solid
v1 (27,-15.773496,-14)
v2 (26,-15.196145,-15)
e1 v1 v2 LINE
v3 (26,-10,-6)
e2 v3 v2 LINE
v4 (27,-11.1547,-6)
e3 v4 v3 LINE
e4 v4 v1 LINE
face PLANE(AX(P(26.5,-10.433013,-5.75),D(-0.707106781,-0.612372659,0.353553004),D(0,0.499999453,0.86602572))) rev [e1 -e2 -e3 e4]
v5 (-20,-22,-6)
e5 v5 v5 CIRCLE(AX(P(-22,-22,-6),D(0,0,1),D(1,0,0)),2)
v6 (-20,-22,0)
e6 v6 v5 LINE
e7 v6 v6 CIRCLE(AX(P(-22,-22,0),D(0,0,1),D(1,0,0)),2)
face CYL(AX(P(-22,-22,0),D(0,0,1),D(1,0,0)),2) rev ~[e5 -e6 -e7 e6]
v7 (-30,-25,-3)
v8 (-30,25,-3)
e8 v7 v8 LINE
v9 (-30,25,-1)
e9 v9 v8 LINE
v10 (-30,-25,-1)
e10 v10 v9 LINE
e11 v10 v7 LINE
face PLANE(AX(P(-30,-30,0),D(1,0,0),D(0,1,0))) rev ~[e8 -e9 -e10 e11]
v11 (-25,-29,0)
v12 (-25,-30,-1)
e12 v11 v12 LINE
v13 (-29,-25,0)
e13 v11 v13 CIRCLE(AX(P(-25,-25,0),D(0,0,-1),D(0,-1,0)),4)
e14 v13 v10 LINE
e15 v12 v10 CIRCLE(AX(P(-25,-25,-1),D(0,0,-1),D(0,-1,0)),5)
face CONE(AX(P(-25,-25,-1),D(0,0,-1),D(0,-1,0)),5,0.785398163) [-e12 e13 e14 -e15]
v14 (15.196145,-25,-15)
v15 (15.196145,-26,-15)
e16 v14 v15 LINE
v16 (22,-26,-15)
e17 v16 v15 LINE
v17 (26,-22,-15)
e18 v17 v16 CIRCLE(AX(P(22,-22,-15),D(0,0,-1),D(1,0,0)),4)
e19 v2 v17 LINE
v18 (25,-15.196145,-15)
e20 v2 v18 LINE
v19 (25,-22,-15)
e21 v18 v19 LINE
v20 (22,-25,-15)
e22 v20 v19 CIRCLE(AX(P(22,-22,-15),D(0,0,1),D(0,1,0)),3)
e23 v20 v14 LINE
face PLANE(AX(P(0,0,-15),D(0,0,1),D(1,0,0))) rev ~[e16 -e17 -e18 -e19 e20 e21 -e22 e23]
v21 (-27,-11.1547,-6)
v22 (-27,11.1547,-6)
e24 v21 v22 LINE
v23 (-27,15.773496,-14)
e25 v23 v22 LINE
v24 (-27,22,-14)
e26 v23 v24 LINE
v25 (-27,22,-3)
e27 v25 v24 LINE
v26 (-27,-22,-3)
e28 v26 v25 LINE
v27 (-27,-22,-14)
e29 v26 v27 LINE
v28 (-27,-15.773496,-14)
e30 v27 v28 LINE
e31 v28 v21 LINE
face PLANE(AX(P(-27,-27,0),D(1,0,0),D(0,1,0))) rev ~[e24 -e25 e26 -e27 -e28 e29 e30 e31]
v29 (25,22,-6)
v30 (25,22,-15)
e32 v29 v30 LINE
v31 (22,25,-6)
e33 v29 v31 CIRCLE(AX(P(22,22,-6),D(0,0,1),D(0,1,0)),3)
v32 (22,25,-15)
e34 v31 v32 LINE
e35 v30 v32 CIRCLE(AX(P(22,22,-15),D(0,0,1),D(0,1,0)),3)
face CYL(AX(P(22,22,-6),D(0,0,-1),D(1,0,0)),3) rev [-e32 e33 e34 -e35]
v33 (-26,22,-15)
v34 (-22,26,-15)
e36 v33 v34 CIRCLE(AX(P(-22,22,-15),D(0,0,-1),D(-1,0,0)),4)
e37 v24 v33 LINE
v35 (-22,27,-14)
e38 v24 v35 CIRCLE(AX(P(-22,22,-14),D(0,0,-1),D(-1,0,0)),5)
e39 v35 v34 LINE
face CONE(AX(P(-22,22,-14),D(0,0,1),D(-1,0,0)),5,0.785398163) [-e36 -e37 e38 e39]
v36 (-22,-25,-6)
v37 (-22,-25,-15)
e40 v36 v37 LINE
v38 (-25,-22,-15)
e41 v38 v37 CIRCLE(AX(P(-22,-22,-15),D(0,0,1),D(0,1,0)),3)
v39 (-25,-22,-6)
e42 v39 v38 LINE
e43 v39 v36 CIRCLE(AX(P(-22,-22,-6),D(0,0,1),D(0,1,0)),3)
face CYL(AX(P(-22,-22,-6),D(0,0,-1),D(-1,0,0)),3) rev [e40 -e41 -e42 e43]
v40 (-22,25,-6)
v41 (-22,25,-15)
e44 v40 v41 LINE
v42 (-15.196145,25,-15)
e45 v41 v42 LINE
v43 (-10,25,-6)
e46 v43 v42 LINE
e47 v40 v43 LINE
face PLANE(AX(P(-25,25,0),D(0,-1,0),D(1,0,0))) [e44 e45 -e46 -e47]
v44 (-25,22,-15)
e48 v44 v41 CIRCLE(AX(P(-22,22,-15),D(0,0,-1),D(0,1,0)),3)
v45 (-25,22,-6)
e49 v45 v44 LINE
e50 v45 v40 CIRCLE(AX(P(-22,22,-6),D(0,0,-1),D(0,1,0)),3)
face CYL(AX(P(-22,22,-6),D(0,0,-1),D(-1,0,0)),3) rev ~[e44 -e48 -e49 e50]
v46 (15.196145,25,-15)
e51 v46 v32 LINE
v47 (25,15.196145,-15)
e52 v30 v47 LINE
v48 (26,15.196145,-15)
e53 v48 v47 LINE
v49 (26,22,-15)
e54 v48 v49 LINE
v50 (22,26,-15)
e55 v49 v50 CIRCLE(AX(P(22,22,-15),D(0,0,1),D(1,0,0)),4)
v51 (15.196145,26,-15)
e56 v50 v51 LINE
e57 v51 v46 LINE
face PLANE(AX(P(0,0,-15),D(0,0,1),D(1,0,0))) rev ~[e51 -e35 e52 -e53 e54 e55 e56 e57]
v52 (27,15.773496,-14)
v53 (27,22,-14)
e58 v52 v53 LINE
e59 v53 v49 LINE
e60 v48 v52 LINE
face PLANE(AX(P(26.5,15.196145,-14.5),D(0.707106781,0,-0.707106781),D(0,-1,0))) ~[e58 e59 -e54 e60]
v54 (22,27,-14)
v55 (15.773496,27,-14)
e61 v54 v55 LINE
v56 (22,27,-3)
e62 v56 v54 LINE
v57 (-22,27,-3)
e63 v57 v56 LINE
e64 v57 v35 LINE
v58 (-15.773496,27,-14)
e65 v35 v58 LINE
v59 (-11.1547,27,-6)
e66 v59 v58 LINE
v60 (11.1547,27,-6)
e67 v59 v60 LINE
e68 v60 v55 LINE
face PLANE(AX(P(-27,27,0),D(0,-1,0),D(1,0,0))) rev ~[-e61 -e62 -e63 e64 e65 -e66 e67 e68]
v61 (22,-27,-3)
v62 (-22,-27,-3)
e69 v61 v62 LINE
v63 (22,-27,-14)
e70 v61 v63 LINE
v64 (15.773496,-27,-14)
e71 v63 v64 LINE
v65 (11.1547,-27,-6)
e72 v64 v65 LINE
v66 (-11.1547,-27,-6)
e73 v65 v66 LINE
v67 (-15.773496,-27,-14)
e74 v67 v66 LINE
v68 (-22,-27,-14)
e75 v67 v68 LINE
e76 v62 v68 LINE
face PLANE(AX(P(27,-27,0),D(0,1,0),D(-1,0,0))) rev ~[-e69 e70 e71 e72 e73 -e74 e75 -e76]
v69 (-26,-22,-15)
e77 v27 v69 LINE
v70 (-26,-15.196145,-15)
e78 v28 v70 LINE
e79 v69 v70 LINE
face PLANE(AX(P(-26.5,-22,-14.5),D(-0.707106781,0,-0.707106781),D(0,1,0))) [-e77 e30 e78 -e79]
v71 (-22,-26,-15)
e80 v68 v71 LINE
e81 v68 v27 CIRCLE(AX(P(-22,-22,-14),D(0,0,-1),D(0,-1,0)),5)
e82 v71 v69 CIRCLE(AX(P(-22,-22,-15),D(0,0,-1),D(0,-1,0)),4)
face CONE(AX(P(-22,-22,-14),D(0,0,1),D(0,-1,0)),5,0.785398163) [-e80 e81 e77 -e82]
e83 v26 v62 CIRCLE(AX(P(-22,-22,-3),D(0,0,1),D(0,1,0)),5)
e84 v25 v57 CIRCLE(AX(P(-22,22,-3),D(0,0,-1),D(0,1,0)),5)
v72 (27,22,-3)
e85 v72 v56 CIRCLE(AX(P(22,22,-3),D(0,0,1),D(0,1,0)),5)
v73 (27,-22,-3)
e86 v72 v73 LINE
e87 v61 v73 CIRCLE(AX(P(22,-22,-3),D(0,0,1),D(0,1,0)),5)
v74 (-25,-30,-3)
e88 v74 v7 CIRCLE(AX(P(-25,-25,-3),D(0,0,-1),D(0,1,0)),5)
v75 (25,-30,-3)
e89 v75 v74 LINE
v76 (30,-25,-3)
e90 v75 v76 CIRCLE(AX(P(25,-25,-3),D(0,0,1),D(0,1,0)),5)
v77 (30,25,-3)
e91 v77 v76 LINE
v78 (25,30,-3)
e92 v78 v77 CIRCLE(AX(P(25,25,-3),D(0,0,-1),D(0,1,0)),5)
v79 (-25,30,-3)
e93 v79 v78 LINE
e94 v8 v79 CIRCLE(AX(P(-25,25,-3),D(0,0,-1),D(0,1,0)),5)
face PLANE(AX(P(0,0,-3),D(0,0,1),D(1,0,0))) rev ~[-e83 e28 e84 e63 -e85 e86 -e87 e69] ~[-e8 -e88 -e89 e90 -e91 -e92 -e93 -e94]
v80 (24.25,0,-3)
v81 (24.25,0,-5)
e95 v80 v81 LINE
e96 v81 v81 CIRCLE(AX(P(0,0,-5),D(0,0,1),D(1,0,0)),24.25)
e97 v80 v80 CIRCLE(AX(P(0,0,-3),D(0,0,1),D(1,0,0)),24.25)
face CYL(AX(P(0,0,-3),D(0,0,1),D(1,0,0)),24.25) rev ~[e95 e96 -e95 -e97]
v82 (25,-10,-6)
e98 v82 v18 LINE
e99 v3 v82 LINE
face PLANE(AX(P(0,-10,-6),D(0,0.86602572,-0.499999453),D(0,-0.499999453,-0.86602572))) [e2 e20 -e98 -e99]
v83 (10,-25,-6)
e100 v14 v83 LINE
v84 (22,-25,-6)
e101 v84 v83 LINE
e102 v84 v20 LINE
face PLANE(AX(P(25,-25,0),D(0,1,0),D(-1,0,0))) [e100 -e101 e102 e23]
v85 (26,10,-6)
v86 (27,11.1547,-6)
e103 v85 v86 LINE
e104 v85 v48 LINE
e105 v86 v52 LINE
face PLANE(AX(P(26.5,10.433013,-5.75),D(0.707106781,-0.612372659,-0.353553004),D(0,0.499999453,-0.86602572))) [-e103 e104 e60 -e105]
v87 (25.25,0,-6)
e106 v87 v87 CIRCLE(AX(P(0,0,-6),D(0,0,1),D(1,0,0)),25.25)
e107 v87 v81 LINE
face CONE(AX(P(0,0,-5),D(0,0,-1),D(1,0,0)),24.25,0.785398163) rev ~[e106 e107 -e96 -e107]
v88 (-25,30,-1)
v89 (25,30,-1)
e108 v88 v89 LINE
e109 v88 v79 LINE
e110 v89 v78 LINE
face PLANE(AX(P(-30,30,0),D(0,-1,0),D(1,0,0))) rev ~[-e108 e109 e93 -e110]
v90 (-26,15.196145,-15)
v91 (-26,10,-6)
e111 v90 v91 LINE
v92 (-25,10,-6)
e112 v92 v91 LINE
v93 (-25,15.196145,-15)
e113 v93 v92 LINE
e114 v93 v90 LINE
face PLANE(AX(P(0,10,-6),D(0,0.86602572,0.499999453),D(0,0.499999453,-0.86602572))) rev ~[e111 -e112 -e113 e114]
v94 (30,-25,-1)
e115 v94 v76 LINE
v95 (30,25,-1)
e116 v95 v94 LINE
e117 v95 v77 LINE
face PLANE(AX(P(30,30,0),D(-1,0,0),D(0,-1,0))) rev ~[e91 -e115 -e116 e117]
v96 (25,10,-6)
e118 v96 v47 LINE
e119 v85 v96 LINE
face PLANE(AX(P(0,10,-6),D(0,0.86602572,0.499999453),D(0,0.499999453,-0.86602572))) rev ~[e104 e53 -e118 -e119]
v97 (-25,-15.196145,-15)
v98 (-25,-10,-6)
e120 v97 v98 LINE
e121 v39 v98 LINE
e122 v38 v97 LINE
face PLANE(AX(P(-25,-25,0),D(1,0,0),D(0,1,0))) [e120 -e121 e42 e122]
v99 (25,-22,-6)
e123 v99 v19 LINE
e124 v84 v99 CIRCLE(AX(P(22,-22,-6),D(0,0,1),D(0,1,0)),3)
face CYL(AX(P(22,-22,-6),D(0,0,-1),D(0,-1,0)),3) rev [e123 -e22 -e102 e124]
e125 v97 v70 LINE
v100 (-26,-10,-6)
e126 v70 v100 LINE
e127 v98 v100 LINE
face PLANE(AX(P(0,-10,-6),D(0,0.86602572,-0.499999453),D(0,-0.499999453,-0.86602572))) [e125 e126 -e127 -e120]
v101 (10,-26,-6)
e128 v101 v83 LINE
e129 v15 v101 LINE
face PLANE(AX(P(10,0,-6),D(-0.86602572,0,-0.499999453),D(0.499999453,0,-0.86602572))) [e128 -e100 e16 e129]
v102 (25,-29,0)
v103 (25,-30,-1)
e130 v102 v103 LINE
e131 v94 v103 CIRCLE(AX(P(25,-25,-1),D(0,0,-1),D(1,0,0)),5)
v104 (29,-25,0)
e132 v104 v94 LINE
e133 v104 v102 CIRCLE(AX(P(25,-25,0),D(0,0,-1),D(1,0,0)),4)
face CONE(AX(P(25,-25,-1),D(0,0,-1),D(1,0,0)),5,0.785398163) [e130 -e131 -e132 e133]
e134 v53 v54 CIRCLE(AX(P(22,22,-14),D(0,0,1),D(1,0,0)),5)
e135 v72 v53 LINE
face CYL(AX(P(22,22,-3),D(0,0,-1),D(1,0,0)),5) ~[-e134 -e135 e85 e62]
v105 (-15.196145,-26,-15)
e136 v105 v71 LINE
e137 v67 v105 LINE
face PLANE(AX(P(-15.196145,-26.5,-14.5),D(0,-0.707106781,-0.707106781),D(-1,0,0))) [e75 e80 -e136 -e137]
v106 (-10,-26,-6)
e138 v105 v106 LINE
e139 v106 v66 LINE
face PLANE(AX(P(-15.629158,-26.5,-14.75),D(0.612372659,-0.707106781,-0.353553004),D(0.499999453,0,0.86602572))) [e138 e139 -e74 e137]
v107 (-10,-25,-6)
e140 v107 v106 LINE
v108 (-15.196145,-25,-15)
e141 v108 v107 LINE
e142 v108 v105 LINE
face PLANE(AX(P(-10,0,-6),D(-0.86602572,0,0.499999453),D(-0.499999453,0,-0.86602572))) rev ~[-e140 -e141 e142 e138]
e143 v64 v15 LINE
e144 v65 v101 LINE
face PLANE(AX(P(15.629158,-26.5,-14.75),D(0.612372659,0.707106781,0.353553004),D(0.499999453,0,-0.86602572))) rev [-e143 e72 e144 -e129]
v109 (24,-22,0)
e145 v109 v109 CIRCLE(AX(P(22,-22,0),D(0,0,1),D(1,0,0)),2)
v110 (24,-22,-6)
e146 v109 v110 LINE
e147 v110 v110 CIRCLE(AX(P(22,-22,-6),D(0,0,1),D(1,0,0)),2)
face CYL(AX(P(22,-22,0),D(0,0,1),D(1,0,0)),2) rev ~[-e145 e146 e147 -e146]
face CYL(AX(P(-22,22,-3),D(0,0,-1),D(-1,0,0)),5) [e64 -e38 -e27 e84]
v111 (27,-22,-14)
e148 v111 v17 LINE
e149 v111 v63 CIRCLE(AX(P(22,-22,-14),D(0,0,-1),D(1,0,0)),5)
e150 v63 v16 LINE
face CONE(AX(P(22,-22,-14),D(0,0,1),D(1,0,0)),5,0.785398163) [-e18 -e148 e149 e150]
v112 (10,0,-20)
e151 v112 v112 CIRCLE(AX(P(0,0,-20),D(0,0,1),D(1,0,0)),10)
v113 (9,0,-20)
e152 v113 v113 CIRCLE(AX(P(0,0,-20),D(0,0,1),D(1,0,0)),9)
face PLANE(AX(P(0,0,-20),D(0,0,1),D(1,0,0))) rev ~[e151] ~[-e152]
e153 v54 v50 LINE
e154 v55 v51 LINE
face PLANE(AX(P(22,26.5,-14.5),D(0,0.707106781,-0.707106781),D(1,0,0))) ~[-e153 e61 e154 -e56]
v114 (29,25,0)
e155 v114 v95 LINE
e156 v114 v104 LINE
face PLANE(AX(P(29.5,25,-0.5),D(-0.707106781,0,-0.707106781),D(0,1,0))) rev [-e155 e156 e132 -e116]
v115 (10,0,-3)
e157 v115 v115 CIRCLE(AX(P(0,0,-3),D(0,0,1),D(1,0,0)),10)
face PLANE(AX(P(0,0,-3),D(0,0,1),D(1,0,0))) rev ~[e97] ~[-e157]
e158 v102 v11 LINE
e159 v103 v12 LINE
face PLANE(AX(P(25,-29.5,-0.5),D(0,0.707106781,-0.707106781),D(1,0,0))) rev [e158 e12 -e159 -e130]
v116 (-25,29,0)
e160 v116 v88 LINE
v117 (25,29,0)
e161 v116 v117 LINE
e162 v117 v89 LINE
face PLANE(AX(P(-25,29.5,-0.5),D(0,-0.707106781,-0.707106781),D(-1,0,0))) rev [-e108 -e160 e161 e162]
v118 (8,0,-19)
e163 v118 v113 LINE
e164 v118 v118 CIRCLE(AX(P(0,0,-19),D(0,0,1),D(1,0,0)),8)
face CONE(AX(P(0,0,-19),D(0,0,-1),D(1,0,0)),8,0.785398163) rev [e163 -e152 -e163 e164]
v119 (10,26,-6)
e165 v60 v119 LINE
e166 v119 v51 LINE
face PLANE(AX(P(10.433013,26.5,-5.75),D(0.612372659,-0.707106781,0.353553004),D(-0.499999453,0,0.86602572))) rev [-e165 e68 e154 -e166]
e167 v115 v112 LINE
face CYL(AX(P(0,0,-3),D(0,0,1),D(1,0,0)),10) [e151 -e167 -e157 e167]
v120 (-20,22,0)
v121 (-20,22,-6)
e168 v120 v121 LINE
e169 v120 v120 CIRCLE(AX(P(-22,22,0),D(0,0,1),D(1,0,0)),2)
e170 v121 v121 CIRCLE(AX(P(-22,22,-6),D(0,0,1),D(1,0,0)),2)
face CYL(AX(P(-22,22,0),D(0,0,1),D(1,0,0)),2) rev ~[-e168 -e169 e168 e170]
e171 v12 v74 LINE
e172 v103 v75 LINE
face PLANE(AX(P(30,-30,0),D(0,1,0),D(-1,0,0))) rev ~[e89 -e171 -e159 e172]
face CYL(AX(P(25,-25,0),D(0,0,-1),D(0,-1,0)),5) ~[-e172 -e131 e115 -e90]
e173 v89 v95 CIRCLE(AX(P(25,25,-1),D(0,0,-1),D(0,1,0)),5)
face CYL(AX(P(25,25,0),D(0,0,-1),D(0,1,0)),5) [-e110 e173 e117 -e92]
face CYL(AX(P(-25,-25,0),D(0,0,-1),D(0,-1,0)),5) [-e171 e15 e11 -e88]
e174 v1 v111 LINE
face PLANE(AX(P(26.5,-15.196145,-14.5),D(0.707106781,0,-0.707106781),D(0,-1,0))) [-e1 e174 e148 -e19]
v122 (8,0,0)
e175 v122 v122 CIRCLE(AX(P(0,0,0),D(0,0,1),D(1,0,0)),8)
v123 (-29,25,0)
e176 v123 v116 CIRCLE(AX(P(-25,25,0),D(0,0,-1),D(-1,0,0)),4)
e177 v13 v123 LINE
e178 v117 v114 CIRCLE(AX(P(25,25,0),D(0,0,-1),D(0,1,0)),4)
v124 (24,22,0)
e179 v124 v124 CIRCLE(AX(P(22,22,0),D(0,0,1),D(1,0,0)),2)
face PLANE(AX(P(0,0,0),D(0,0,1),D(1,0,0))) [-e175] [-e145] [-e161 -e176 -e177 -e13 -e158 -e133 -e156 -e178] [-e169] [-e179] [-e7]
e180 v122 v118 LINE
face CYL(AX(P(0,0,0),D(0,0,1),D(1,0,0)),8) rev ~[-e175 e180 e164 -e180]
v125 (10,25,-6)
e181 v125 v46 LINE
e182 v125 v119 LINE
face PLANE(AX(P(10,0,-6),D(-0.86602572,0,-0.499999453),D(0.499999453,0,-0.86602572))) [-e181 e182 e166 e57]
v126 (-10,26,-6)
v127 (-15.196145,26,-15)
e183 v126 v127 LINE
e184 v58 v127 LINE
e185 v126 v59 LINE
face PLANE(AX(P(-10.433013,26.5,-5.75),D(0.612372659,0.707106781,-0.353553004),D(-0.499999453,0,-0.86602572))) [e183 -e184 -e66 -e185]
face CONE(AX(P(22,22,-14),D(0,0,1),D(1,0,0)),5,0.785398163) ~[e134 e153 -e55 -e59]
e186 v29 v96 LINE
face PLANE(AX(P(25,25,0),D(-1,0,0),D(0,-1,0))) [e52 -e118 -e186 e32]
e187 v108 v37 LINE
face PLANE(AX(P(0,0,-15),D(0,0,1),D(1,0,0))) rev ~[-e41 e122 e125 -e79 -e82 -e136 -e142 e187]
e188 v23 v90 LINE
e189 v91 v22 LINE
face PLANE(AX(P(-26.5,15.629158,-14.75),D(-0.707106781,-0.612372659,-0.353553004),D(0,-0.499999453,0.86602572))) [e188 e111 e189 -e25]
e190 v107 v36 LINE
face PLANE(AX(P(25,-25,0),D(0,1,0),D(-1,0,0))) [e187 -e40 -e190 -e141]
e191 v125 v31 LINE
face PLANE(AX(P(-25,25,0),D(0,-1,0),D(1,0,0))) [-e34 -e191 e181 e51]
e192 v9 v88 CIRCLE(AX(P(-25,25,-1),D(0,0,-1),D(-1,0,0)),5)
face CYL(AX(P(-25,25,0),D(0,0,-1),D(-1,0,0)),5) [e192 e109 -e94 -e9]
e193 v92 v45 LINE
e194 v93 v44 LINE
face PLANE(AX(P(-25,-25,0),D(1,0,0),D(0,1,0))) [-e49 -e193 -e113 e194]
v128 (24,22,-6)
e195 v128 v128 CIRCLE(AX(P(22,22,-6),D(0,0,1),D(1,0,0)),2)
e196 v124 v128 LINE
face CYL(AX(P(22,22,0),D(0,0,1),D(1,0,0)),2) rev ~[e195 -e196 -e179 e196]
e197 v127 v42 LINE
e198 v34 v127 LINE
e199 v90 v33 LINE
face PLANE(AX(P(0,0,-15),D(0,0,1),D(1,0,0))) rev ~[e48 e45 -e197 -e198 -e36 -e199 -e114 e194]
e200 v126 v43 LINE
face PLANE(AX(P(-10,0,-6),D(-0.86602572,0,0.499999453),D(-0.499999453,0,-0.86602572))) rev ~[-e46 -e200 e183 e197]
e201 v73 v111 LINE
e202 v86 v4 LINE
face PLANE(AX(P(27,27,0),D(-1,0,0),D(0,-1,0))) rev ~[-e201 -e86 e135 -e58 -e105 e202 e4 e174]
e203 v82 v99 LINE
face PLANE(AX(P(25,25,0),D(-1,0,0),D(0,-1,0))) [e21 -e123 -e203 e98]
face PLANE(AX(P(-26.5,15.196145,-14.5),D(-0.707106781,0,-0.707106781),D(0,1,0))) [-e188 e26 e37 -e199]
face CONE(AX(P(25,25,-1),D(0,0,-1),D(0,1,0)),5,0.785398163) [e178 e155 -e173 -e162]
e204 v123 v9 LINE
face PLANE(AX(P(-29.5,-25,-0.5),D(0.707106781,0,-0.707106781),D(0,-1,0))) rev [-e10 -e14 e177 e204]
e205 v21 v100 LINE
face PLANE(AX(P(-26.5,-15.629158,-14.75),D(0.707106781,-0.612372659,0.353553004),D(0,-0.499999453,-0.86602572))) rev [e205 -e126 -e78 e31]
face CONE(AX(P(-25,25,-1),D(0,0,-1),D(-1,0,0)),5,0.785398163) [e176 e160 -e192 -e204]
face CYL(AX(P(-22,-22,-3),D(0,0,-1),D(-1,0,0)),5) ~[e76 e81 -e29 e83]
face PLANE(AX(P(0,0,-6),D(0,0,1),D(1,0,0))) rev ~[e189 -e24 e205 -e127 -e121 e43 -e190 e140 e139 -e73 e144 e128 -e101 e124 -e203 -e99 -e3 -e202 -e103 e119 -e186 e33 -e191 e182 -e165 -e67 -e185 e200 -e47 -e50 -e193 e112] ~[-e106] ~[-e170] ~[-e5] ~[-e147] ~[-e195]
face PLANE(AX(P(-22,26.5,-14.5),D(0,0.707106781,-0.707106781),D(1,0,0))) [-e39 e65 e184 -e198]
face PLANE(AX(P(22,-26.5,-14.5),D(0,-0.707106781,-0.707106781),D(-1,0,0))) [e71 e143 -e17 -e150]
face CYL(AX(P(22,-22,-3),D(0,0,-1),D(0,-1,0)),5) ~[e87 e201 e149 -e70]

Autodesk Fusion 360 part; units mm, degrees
sketch "Common" plane through (0, 0, 0) normal (0, 0, 1) x (1, 0, 0)
  line L0 (30, -30) -> (-30, -30)
  line L1 (-30, -30) -> (-30, 30)
  line L2 (-30, 30) -> (30, 30)
  line L3 (30, 30) -> (30, -30)
  line L4 (30, -30) -> (-30, 30) construction
  line L5 (-30, -30) -> (30, 30) construction
  circle A0 centre (0, 0) radius 8
  circle A1 centre (0, 0) radius 10
  line L6 (-27, -27) -> (-27, 27)
  line L7 (-27, 27) -> (27, 27)
  line L8 (27, 27) -> (27, -27)
  line L9 (27, -27) -> (-27, -27)
  circle A2 centre (22, -22) radius 2
  circle A3 centre (22, 22) radius 2
  circle A4 centre (-22, 22) radius 2
  circle A5 centre (-22, -22) radius 2
  line L10 (25, -25) -> (-25, -25)
  line L11 (-25, -25) -> (-25, 25)
  line L12 (-25, 25) -> (25, 25)
  line L13 (25, 25) -> (25, -25)
  circle A6 centre (0, 0) radius 24.25
  dimension "d1" = 60
  dimension "d2" = 60
  dimension "d3" = 16
  dimension "d4" = 2
  dimension "d5" = 3
  dimension "d6" = 4
  dimension "d8" = 8
  dimension "d10" = 360
  dimension "d11" = 5
  dimension "d31" = 48.5
extrude "Extrude2" add sketch "Common" against normal blind 3 contours L0 L1 L2 L3 in component "Plug"
extrude "Extrude3" add sketch "Common" against normal blind 15 contours L6 L7 L8 L9 in component "Plug"
extrude "Extrude4" add sketch "Common" against normal blind 6 contours L10 L11 L12 L13 | A6 in component "Plug"
sketch "Flange cutout1" plane through (0, 0, 0) normal (0, 1, 0) x (1, 0, 0) in component "Plug"
  line L0 (0, 0) -> (0, 40) construction
  line L1 (0, 6) -> (10, 6)
  line L2 (10, 6) -> (25, 31.9808)
  line L3 (10, 6) -> (37, 6) construction
  line L4 (25, 31.9808) -> (0, 31.9808)
  line L5 (-25, 31.9808) -> (0, 31.9808)
  line L6 (0, 6) -> (-10, 6)
  line L7 (-10, 6) -> (-25, 31.9808)
  dimension "d90" = 40
  dimension "d91" = 10
  dimension "d92" = 6
  dimension "d93" = 30
  dimension "d94" = 60
extrude "Extrude6" cut sketch "Flange cutout1" along normal mid plane 100 in component "Plug"
sketch "Flange cutout2" plane through (0, 0, 0) normal (1, 0, 0) x (0, 1, 0) in component "Plug"
  line L0 (-25, -31.9808) -> (0, -31.9808)
  line L1 (0, -6) -> (10, -6)
  line L2 (-10, -6) -> (-25, -31.9808)
  line L3 (0, -6) -> (-10, -6)
  line L4 (-10, -6) -> (-37, -6) construction
  line L5 (0, 0) -> (0, -40) construction
  line L6 (10, -6) -> (25, -31.9808)
  line L7 (25, -31.9808) -> (0, -31.9808)
  point P0 (0.1488, 0.1515)
  dimension "d104" = 40
  dimension "d105" = 10
  dimension "d106" = 6
  dimension "d107" = 30
  dimension "d108" = 60
extrude "Extrude7" cut sketch "Flange cutout2" along normal mid plane 200 in component "Plug"
extrude "Extrude5" add sketch "Common" against normal blind 20 contours A1 in component "Plug"
fillet "Fillet1" radius 5 4 edges at (-30, -30, -1.5) (30, -30, -1.5) (30, 30, -1.5) (-30, 30, -1.5) in component "Plug"
fillet "Fillet1" radius 5 4 edges at (-27, 27, -9) (-27, -27, -9) (27, 27, -9) (27, -27, -9) in component "Plug"
fillet "Fillet1" radius 3 4 edges at (-25, 25, -10.5) (25, 25, -10.5) (-25, -25, -10.5) (25, -25, -10.5) in component "Plug"
extrude "Extrude8" cut sketch "Common" against normal blind 3 from surface at -3 contours A6 in component "Plug"
chamfer "Chamfer1" distance 1 angle 45 30 edges at (0, -30, 0) (-28.5355, -28.5355, 0) (-30, 0, 0) (-28.5355, 28.5355, 0) (0, 30, 0) (28.5355, 28.5355, 0) (30, 0, 0) (28.5355, -28.5355, 0) (27, -18.5981, -15) (25.5355, -25.5355, -15) (18.5981, -27, -15) (27, -12.5981, -10.5) (27, 12.5981, -10.5) (25.5355, 25.5355, -15) (27, 18.5981, -15) (18.5981, 27, -15) (-18.5981, 27, -15) (-25.5355, 25.5355, -15) (-27, 18.5981, -15) (-18.5981, -27, -15) (-25.5355, -25.5355, -15) (-27, -18.5981, -15) (-12.5981, -27, -10.5) (-12.5981, 27, -10.5) (12.5981, 27, -10.5) (12.5981, -27, -10.5) (-27, -12.5981, -10.5) (-27, 12.5981, -10.5) (-7.4586, -2.8929, -20) (-22.6089, -8.7692, -6) in component "Plug"
component "Plug" placed x (1, 0, 0) y (0, 1, 0) z (0, 0, 1) at (0, 0, 0)
